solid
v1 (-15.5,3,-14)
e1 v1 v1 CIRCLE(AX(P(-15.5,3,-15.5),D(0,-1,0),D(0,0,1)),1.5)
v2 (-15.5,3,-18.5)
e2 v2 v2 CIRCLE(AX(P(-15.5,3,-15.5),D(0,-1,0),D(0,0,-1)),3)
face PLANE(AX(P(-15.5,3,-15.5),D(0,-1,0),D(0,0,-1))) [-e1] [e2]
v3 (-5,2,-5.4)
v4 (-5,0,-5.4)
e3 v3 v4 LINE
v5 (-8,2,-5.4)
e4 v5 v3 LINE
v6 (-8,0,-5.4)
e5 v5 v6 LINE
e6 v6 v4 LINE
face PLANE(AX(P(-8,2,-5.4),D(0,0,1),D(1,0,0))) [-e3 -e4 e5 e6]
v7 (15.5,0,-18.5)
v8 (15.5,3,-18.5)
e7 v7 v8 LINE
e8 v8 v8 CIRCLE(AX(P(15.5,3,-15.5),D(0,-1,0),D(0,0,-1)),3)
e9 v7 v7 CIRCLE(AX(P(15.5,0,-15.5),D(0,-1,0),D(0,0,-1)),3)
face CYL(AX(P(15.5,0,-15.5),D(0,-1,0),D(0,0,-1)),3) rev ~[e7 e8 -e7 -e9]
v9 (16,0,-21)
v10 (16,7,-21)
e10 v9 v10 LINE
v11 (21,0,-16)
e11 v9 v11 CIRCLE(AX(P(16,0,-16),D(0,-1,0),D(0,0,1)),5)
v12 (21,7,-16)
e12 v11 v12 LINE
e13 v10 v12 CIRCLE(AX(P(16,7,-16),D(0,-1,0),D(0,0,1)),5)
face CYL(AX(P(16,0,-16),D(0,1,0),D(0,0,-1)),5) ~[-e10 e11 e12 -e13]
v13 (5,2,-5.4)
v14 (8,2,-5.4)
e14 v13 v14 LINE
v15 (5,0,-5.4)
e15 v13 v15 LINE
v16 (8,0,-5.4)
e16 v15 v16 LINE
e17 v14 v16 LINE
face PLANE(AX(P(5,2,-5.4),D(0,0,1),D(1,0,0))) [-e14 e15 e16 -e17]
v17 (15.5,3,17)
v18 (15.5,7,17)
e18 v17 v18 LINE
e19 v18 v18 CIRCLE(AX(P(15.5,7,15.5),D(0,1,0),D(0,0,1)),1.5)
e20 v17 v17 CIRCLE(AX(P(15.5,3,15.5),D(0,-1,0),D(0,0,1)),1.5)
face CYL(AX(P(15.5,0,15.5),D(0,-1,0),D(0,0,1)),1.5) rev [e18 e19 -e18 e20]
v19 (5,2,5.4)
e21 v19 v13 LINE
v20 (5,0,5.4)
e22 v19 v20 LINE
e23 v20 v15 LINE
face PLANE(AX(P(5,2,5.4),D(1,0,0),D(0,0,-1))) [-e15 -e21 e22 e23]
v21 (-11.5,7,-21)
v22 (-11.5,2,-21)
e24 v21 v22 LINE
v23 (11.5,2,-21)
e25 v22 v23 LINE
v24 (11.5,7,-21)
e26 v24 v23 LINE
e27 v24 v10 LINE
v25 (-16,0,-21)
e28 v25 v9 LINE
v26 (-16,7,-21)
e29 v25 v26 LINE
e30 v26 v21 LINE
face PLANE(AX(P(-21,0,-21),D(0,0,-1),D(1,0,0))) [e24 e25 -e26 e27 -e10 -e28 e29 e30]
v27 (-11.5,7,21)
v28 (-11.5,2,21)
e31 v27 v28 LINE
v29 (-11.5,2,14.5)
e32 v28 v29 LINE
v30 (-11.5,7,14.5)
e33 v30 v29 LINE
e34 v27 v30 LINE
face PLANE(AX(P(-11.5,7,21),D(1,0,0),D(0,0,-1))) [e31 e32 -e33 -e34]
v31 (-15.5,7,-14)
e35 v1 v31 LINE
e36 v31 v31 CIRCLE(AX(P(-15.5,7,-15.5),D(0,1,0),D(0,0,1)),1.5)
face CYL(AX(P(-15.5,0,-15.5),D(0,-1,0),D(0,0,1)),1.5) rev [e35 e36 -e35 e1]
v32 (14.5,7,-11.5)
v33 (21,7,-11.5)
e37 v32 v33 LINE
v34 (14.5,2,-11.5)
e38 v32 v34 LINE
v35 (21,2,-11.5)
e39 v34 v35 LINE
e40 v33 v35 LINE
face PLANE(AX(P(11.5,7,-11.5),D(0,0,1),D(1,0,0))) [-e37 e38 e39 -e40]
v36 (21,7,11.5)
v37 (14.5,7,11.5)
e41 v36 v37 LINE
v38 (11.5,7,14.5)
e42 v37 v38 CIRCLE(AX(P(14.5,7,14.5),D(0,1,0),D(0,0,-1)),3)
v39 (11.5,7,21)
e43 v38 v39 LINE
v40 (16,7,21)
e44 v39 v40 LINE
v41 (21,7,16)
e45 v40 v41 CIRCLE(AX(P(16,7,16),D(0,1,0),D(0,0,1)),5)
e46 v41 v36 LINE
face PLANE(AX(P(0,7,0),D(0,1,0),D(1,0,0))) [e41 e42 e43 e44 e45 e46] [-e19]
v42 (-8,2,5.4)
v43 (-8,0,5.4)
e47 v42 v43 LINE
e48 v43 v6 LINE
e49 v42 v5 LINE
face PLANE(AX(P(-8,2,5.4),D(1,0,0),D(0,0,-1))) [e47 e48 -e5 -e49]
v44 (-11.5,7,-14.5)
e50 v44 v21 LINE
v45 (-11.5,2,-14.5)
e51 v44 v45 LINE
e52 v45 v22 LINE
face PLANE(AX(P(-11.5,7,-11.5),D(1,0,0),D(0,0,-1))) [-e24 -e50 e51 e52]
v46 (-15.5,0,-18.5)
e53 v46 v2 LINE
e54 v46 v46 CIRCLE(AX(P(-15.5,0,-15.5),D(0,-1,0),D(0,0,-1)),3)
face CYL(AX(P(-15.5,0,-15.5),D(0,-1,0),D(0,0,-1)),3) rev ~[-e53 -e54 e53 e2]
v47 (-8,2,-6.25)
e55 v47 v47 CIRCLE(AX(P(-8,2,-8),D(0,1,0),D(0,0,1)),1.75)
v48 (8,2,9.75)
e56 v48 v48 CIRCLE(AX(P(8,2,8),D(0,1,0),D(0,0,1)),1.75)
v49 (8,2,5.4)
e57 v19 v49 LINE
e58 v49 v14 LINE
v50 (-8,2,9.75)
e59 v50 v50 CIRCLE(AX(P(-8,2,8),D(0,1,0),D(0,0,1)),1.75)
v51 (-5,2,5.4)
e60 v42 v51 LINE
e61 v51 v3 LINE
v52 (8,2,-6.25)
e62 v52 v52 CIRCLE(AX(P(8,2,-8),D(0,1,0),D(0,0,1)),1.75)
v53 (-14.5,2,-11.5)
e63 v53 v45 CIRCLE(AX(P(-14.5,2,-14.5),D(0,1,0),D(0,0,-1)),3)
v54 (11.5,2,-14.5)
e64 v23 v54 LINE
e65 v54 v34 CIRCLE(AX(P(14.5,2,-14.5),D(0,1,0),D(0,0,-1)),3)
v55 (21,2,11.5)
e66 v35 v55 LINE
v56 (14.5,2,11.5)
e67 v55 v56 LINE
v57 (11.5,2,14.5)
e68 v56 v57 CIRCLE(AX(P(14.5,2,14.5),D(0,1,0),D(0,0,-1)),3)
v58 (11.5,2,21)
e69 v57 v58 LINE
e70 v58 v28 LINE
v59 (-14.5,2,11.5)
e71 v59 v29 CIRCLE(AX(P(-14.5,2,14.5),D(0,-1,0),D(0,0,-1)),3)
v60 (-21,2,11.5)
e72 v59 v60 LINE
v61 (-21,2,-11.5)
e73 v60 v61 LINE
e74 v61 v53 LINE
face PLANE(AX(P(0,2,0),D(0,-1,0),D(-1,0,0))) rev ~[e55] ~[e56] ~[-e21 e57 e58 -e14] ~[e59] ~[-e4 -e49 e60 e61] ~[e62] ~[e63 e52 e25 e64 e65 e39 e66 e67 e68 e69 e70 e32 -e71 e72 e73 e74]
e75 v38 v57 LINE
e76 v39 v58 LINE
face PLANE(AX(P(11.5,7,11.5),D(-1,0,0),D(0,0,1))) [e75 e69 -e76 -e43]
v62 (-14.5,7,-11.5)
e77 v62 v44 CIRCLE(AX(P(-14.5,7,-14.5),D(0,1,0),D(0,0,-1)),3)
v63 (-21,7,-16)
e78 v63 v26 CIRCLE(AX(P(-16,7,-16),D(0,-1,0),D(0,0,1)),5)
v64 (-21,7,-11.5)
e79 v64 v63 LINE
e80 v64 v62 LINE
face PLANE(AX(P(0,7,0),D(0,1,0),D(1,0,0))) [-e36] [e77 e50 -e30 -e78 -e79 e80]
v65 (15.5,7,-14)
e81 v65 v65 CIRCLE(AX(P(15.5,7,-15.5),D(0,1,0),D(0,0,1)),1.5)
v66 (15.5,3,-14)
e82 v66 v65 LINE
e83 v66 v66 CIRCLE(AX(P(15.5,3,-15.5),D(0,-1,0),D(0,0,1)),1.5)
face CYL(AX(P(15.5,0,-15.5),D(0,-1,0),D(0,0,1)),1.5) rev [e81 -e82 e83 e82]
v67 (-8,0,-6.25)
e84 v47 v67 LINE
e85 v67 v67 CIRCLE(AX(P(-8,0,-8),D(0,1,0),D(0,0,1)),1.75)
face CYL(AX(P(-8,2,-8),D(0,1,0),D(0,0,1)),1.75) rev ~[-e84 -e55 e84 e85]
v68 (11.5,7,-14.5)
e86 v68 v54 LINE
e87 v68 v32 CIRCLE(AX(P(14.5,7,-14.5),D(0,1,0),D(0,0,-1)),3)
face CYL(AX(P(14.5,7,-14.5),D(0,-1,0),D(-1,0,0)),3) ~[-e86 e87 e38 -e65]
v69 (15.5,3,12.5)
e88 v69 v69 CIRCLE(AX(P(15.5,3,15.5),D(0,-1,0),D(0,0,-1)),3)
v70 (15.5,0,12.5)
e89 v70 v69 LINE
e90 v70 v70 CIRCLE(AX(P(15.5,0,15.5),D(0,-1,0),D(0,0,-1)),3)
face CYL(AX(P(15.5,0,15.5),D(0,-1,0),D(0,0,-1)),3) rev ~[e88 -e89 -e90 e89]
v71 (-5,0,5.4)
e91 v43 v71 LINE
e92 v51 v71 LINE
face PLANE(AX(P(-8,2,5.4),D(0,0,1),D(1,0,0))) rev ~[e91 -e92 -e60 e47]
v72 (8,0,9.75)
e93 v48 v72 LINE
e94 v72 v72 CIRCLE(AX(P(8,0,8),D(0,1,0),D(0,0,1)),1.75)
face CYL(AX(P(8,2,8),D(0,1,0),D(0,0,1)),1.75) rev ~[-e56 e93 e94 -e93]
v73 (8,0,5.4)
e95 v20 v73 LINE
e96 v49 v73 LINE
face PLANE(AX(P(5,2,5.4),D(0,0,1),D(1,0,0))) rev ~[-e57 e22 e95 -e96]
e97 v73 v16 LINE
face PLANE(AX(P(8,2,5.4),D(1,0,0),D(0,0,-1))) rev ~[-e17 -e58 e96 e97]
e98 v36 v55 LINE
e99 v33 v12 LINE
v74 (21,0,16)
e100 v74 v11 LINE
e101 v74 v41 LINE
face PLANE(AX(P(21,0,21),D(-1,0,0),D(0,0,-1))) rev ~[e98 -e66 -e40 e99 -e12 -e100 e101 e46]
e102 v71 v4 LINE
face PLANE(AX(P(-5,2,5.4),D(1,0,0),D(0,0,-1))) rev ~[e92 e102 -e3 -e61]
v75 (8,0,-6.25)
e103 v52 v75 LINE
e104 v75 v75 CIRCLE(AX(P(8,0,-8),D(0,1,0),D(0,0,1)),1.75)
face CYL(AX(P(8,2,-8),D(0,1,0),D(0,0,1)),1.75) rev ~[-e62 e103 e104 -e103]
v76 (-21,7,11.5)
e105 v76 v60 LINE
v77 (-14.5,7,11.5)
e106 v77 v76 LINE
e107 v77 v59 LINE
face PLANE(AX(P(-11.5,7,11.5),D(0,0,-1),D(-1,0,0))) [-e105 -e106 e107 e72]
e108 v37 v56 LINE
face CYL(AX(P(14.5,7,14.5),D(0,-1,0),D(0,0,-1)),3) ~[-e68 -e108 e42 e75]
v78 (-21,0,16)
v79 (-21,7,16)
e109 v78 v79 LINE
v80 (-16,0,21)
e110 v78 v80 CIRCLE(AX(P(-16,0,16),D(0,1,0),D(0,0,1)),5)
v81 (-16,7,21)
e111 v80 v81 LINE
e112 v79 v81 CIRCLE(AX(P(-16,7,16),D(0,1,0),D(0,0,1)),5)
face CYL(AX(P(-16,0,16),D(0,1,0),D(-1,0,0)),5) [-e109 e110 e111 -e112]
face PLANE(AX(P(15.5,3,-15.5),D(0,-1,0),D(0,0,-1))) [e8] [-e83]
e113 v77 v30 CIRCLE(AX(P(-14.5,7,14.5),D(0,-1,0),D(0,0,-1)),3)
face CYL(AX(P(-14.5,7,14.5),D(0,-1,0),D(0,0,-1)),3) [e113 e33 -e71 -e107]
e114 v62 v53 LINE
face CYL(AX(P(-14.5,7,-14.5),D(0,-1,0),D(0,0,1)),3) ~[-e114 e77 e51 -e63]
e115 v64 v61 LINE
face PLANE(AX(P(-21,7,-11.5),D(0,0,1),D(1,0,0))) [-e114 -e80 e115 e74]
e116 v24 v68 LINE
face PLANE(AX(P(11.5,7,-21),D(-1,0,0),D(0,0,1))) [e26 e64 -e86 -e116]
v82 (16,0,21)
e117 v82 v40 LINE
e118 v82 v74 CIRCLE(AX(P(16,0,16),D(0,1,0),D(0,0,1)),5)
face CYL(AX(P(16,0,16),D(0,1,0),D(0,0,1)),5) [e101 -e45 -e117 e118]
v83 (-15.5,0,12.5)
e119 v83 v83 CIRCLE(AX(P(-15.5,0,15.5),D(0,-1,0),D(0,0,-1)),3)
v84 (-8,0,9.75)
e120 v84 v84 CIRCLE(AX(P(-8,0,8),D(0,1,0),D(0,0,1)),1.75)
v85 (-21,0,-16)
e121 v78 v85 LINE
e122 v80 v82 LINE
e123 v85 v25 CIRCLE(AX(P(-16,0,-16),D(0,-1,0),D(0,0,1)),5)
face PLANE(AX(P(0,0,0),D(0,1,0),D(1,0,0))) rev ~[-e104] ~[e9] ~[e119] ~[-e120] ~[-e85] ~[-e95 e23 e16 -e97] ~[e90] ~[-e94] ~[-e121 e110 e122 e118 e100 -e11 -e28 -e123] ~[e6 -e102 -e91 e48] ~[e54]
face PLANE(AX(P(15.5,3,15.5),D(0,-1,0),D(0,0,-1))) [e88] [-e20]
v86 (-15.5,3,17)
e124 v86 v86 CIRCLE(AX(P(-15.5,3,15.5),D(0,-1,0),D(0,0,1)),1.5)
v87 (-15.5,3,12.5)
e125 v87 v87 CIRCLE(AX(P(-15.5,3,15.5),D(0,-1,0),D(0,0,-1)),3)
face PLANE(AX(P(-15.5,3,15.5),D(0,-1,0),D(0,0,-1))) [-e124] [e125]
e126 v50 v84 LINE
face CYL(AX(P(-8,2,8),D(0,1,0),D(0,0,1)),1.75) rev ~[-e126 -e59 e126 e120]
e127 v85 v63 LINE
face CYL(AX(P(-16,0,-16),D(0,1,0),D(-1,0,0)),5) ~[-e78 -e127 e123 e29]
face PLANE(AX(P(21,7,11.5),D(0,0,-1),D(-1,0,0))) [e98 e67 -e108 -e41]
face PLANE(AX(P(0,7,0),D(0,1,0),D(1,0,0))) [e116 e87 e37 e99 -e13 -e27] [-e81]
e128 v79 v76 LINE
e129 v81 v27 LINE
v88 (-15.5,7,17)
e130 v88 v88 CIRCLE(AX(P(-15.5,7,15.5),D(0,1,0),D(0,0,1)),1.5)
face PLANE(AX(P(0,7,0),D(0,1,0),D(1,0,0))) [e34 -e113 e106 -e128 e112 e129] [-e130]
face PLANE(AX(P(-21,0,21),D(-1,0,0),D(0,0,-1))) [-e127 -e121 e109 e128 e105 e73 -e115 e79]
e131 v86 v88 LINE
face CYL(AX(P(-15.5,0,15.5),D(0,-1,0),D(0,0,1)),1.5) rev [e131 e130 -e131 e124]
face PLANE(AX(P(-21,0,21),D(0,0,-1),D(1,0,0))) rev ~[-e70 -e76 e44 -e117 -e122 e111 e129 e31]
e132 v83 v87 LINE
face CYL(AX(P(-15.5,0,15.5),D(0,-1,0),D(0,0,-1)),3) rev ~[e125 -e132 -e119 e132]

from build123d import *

# Parameters (mm, degrees)
SKETCH1_W           = 42
SKETCH1_H           = 42
SKETCH1_R           = 1.5
BOSS_EXTRUDE1_DEPTH = 7
CUT_EXTRUDE1_DEPTH  = 5
SKETCH4_R           = 1.75
CUT_EXTRUDE3_DEPTH  = 2
SKETCH5_W           = 3
SKETCH5_H           = 10.8
CUT_EXTRUDE4_DEPTH  = 4
SKETCH6_R           = 3
CUT_EXTRUDE5_DEPTH  = 3
FILLET1_R           = 5
FILLET2_R           = 3


with BuildPart() as part:
    # Sketch1 → Boss-Extrude1 (new body)
    with BuildSketch(Plane(origin=(0, 0, 0), x_dir=(1, 0, 0), z_dir=(0, 1, 0))):
        Rectangle(SKETCH1_W, SKETCH1_H)
        with Locations(Location((-15.5, 15.5, 0), (0, 0, 270))):
            Circle(SKETCH1_R, mode=Mode.SUBTRACT)
        with Locations(Location((15.5, 15.5, 0), (0, 0, 270))):
            Circle(SKETCH1_R, mode=Mode.SUBTRACT)
        with Locations(Location((-15.5, -15.5, 0), (0, 0, 270))):
            Circle(SKETCH1_R, mode=Mode.SUBTRACT)
        with Locations(Location((15.5, -15.5, 0), (0, 0, 270))):
            Circle(SKETCH1_R, mode=Mode.SUBTRACT)
    extrude(amount=BOSS_EXTRUDE1_DEPTH)

    # Sketch2 → Cut-Extrude1 (cut)
    with BuildSketch(Plane(origin=(0, 7, 0), x_dir=(1, 0, 0), z_dir=(0, 1, 0))):
        Polygon((-11.5, 11.5), (-11.5, 21), (11.5, 21), (11.5, 11.5), (21, 11.5), (21, -11.5), (11.5, -11.5), (11.5, -21), (-11.5, -21), (-11.5, -11.5), (-21, -11.5), (-21, 11.5), align=None)
    extrude(amount=-CUT_EXTRUDE1_DEPTH, mode=Mode.SUBTRACT)

    # Sketch4 → Cut-Extrude3 (cut)
    with BuildSketch(Plane(origin=(0, 2, 0), x_dir=(1, 0, 0), z_dir=(0, 1, 0))):
        with Locations(Location((8, 8, 0), (0, 0, 270))):
            Circle(SKETCH4_R)
        with Locations(Location((8, -8, 0), (0, 0, 270))):
            Circle(SKETCH4_R)
        with Locations(Location((-8, -8, 0), (0, 0, 270))):
            Circle(SKETCH4_R)
        with Locations(Location((-8, 8, 0), (0, 0, 270))):
            Circle(SKETCH4_R)
    extrude(amount=-CUT_EXTRUDE3_DEPTH, mode=Mode.SUBTRACT)

    # Sketch5 → Cut-Extrude4 (cut)
    with BuildSketch(Plane(origin=(0, 2, 0), x_dir=(1, 0, 0), z_dir=(0, 1, 0))):
        with Locations((6.5, 0)):
            Rectangle(SKETCH5_W, SKETCH5_H)
        with Locations((-6.5, 0)):
            Rectangle(SKETCH5_W, SKETCH5_H)
    extrude(amount=-CUT_EXTRUDE4_DEPTH, mode=Mode.SUBTRACT)

    # Sketch6 → Cut-Extrude5 (cut)
    with BuildSketch(Plane.XZ):
        with Locations(Location((-15.5, 15.5, 0), (0, 0, 270))):
            Circle(SKETCH6_R)
        with Locations(Location((15.5, 15.5, 0), (0, 0, 270))):
            Circle(SKETCH6_R)
        with Locations(Location((15.5, -15.5, 0), (0, 0, 270))):
            Circle(SKETCH6_R)
        with Locations(Location((-15.5, -15.5, 0), (0, 0, 270))):
            Circle(SKETCH6_R)
    extrude(amount=-CUT_EXTRUDE5_DEPTH, mode=Mode.SUBTRACT)

    # Fillet1
    fillet1_edges = [part.edges().sort_by_distance(p)[0] for p in [
        (21, 3.5, 21),
        (-21, 3.5, 21),
        (-21, 3.5, -21),
        (21, 3.5, -21),
    ]]
    fillet(fillet1_edges, radius=FILLET1_R)

    # Fillet2
    fillet2_edges = [part.edges().sort_by_distance(p)[0] for p in [
        (11.5, 4.5, 11.5),
        (-11.5, 4.5, 11.5),
        (-11.5, 4.5, -11.5),
        (11.5, 4.5, -11.5),
    ]]
    fillet(fillet2_edges, radius=FILLET2_R)


solid = part.part
